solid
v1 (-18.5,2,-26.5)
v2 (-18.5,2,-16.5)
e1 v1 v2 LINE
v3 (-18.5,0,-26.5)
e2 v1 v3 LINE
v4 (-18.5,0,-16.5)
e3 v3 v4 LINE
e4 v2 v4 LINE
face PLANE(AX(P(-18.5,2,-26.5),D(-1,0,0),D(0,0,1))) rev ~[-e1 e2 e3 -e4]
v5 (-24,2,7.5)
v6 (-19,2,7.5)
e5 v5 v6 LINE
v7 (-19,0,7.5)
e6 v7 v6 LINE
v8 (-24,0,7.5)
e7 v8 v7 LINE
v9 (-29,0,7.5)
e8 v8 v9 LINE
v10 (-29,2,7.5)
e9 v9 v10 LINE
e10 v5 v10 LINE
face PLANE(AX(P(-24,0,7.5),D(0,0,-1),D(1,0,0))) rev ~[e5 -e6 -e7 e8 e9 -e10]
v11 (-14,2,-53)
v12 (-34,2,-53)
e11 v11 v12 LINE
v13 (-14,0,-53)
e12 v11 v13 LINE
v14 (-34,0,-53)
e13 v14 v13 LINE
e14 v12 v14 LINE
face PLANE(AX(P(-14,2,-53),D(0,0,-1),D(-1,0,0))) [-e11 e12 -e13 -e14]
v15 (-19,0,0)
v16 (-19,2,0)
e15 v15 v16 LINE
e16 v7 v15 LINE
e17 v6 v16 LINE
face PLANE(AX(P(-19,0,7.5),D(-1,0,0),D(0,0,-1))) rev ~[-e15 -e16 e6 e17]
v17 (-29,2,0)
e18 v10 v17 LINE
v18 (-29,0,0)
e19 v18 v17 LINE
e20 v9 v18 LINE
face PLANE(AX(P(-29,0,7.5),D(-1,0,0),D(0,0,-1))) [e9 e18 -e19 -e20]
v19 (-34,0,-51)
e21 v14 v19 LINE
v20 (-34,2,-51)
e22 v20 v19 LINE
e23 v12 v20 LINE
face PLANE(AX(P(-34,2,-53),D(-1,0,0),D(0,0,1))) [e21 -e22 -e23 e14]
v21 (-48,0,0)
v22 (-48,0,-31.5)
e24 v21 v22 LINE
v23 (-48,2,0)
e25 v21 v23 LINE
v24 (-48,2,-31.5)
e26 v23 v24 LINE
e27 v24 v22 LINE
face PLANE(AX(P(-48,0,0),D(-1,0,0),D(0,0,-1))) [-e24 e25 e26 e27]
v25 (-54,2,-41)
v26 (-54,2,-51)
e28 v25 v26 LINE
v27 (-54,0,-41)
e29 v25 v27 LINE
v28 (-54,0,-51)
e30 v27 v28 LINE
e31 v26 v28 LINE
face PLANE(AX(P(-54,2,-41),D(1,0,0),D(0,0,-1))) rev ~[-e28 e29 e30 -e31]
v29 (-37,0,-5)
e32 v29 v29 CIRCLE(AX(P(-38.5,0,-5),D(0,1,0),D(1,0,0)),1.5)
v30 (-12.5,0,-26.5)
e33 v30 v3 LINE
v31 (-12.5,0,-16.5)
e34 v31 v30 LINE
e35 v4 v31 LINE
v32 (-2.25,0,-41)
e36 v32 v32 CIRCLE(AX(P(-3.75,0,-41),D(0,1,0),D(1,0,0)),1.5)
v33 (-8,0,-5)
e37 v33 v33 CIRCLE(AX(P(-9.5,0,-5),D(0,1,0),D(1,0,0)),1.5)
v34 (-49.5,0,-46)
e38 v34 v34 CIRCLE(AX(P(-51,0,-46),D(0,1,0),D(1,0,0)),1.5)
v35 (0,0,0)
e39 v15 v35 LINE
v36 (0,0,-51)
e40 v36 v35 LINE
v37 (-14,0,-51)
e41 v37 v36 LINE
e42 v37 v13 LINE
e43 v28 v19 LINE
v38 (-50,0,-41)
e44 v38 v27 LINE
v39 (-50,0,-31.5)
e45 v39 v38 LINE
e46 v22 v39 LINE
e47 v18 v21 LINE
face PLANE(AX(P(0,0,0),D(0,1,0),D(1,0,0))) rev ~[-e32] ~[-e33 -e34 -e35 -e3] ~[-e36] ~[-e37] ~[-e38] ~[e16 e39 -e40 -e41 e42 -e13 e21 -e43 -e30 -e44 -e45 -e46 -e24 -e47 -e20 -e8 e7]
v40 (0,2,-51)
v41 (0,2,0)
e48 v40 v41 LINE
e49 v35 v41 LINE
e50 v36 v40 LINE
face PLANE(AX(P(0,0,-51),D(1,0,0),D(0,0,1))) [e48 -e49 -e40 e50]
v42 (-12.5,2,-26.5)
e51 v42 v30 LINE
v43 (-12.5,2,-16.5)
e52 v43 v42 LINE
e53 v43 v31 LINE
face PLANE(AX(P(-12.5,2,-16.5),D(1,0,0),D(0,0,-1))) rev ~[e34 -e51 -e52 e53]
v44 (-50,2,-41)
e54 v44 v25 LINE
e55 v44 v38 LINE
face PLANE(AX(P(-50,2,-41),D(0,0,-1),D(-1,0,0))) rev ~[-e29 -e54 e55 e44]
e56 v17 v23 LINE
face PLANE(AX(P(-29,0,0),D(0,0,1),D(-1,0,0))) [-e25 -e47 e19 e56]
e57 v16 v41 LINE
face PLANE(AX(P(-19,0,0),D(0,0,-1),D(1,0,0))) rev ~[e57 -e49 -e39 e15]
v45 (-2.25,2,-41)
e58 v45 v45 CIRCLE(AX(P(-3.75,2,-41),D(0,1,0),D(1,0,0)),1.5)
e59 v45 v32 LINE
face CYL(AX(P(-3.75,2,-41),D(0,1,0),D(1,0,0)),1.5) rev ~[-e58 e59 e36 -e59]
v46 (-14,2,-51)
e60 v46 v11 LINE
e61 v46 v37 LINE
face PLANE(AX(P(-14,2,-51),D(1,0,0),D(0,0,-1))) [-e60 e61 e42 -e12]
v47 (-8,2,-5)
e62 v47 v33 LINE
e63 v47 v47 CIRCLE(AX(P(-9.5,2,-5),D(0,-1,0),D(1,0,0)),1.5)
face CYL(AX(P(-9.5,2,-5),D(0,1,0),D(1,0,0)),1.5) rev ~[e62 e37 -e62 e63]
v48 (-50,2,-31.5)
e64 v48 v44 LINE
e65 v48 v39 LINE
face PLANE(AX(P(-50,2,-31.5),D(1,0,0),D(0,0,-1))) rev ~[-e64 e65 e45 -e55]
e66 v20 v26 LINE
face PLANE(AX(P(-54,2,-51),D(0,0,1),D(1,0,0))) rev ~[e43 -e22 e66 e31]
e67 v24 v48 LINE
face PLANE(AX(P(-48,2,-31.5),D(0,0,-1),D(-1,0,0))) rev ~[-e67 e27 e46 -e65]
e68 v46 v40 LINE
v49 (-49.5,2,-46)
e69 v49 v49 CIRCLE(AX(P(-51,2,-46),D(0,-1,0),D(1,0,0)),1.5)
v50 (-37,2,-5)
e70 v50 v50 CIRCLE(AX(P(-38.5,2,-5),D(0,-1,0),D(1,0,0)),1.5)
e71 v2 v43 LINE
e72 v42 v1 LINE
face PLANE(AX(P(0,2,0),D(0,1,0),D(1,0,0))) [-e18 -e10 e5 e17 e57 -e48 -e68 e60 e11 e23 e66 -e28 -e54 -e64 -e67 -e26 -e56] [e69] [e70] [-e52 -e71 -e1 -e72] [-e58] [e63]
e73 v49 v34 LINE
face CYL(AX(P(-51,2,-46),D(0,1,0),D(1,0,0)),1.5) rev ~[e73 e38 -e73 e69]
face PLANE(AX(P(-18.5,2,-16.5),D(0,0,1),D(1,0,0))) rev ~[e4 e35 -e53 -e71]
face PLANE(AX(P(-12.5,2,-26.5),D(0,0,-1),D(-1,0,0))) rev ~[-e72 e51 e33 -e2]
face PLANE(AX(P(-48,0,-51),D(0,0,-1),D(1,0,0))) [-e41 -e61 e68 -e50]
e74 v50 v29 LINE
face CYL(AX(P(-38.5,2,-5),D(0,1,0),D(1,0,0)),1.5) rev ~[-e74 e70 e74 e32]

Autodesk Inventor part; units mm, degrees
ref_plane "YZ Plane" through (0, 0, 0) normal (1, 0, 0) x (0, 1, 0)
ref_plane "XZ Plane" through (0, 0, 0) normal (0, 1, 0) x (-1, 0, 0)
ref_plane "XY Plane" through (0, 0, 0) normal (0, 0, 1) x (1, 0, 0)
sketch "Boceto1" plane through (0, 0, 0) normal (0, 1, 0) x (-1, 0, 0)
  line L0 (48, 0) -> (48, -51)
  line L1 (48, -51) -> (0, -51)
  line L2 (0, -51) -> (0, 0)
  line L3 (24, 7.5) -> (29, 7.5)
  line L4 (29, 7.5) -> (29, 0)
  line L5 (24, 7.5) -> (19, 7.5)
  line L6 (19, 7.5) -> (19, 0)
  line L7 (24, 7.5) -> (24, -1.25)
  circle A0 centre (24, -1.25) radius 1.5
  line L8 (29, 0) -> (48, 0)
  line L9 (19, 0) -> (0, 0)
  dimension "d0" = 48
  dimension "d1" = 51
  dimension "d3" = 5
  dimension "d4" = 5
  dimension "d5" = 8.75
  dimension "d6" = 3
extrude "Extrusión1" add sketch "Boceto1" along normal blind 2
ref_plane "Plano de trabajo1" through (-48, -25, -47.5) normal (0, -1, 0) x (1, 0, 0)
sketch "Boceto4" plane through (0, 2, 0) normal (0, 1, 0) x (1, 0, 0)
  line L0 (0, 51) -> (-48, 51) projected
  line L1 (-24, 51) -> (-24, 53)
  line L2 (-24, 53) -> (-34, 53)
  line L3 (-34, 53) -> (-34, 51)
  line L4 (-34, 51) -> (-14, 51)
  line L5 (-14, 51) -> (-14, 53)
  line L6 (-14, 53) -> (-24, 53)
  point P0 (0, 0)
  dimension "d18" = 2
  dimension "d19" = 10
  dimension "d20" = 20
extrude "Extrusión4" add sketch "Boceto4" against normal blind 2
sketch "Boceto6" plane through (0, 2, 0) normal (0, 1, 0) x (1, 0, 0)
  line L0 (-48, 47.5) -> (-48, 31.5) projected
  line L1 (-48, 47.5) -> (-18.5, 47.5)
  line L2 (-18.5, 47.5) -> (-18.5, 26.5)
  line L3 (-18.5, 26.5) -> (-18.5, 16.5)
  line L4 (-18.5, 16.5) -> (-12.5, 16.5)
  line L5 (-12.5, 16.5) -> (-12.5, 26.5)
  line L6 (-12.5, 26.5) -> (-18.5, 26.5)
  point P0 (0, 0)
  dimension "d26" = 29.5
  dimension "d27" = 21
  dimension "d28" = 10
  dimension "d29" = 6
extrude "Extrusión6" cut sketch "Boceto6" against normal blind 2
sketch "Boceto7" plane through (0, 2, 0) normal (0, 1, 0) x (1, 0, 0)
  circle A0 centre (-24, 1.25) radius 1.5 projected
  circle A1 centre (-24, 1.25) radius 1.5
  point P0 (0, 0)
extrude "Extrusión7" add sketch "Boceto7" against normal blind 2
sketch "Boceto8" plane through (0, 2, 0) normal (0, 1, 0) x (1, 0, 0)
  line L0 (-48, 51) -> (-48, 0) projected
  line L1 (-48, 51) -> (-48, 31.5)
  line L2 (-48, 31.5) -> (-50, 31.5)
  line L3 (-50, 31.5) -> (-50, 41)
  line L4 (-50, 41) -> (-54, 41)
  line L5 (-54, 41) -> (-54, 51)
  line L6 (-54, 51) -> (-48, 51)
  point P0 (0, 0)
  dimension "d34" = 19.5
  dimension "d35" = 2
  dimension "d36" = 9.5
  dimension "d37" = 4
extrude "Extrusión8" add sketch "Boceto8" against normal blind 2
sketch "Boceto9" plane through (0, 2, 0) normal (0, 1, 0) x (1, 0, 0)
  line L0 (-48, 0) -> (-29, 0) projected
  line L1 (-48, 0) -> (-48, 5)
  line L2 (-48, 31.5) -> (-48, 0) projected
  line L3 (-48, 5) -> (-38.5, 5)
  line L4 (-48, 5) -> (-9.5, 5)
  circle A0 centre (-38.5, 5) radius 1.5
  circle A1 centre (-9.5, 5) radius 1.5
  line L5 (0, 51) -> (-14, 51) projected
  line L6 (0, 51) -> (0, 41)
  line L7 (0, 0) -> (0, 51) projected
  line L8 (0, 41) -> (-3.75, 41)
  circle A2 centre (-3.75, 41) radius 1.5
  line L9 (-34, 51) -> (-54, 51) projected
  line L10 (-54, 51) -> (-51, 51)
  line L11 (-51, 51) -> (-51, 46)
  circle A3 centre (-51, 46) radius 1.5
  dimension "d40" = 5
  dimension "d41" = 9.5
  dimension "d42" = 38.5
  dimension "d43" = 3
  dimension "d44" = 3
  dimension "d45" = 10
  dimension "d46" = 3.75
  dimension "d47" = 3
  dimension "d48" = 3
  dimension "d49" = 3
extrude "Extrusión9" cut sketch "Boceto9" against normal blind 2
properties part number "arm_2_case"
